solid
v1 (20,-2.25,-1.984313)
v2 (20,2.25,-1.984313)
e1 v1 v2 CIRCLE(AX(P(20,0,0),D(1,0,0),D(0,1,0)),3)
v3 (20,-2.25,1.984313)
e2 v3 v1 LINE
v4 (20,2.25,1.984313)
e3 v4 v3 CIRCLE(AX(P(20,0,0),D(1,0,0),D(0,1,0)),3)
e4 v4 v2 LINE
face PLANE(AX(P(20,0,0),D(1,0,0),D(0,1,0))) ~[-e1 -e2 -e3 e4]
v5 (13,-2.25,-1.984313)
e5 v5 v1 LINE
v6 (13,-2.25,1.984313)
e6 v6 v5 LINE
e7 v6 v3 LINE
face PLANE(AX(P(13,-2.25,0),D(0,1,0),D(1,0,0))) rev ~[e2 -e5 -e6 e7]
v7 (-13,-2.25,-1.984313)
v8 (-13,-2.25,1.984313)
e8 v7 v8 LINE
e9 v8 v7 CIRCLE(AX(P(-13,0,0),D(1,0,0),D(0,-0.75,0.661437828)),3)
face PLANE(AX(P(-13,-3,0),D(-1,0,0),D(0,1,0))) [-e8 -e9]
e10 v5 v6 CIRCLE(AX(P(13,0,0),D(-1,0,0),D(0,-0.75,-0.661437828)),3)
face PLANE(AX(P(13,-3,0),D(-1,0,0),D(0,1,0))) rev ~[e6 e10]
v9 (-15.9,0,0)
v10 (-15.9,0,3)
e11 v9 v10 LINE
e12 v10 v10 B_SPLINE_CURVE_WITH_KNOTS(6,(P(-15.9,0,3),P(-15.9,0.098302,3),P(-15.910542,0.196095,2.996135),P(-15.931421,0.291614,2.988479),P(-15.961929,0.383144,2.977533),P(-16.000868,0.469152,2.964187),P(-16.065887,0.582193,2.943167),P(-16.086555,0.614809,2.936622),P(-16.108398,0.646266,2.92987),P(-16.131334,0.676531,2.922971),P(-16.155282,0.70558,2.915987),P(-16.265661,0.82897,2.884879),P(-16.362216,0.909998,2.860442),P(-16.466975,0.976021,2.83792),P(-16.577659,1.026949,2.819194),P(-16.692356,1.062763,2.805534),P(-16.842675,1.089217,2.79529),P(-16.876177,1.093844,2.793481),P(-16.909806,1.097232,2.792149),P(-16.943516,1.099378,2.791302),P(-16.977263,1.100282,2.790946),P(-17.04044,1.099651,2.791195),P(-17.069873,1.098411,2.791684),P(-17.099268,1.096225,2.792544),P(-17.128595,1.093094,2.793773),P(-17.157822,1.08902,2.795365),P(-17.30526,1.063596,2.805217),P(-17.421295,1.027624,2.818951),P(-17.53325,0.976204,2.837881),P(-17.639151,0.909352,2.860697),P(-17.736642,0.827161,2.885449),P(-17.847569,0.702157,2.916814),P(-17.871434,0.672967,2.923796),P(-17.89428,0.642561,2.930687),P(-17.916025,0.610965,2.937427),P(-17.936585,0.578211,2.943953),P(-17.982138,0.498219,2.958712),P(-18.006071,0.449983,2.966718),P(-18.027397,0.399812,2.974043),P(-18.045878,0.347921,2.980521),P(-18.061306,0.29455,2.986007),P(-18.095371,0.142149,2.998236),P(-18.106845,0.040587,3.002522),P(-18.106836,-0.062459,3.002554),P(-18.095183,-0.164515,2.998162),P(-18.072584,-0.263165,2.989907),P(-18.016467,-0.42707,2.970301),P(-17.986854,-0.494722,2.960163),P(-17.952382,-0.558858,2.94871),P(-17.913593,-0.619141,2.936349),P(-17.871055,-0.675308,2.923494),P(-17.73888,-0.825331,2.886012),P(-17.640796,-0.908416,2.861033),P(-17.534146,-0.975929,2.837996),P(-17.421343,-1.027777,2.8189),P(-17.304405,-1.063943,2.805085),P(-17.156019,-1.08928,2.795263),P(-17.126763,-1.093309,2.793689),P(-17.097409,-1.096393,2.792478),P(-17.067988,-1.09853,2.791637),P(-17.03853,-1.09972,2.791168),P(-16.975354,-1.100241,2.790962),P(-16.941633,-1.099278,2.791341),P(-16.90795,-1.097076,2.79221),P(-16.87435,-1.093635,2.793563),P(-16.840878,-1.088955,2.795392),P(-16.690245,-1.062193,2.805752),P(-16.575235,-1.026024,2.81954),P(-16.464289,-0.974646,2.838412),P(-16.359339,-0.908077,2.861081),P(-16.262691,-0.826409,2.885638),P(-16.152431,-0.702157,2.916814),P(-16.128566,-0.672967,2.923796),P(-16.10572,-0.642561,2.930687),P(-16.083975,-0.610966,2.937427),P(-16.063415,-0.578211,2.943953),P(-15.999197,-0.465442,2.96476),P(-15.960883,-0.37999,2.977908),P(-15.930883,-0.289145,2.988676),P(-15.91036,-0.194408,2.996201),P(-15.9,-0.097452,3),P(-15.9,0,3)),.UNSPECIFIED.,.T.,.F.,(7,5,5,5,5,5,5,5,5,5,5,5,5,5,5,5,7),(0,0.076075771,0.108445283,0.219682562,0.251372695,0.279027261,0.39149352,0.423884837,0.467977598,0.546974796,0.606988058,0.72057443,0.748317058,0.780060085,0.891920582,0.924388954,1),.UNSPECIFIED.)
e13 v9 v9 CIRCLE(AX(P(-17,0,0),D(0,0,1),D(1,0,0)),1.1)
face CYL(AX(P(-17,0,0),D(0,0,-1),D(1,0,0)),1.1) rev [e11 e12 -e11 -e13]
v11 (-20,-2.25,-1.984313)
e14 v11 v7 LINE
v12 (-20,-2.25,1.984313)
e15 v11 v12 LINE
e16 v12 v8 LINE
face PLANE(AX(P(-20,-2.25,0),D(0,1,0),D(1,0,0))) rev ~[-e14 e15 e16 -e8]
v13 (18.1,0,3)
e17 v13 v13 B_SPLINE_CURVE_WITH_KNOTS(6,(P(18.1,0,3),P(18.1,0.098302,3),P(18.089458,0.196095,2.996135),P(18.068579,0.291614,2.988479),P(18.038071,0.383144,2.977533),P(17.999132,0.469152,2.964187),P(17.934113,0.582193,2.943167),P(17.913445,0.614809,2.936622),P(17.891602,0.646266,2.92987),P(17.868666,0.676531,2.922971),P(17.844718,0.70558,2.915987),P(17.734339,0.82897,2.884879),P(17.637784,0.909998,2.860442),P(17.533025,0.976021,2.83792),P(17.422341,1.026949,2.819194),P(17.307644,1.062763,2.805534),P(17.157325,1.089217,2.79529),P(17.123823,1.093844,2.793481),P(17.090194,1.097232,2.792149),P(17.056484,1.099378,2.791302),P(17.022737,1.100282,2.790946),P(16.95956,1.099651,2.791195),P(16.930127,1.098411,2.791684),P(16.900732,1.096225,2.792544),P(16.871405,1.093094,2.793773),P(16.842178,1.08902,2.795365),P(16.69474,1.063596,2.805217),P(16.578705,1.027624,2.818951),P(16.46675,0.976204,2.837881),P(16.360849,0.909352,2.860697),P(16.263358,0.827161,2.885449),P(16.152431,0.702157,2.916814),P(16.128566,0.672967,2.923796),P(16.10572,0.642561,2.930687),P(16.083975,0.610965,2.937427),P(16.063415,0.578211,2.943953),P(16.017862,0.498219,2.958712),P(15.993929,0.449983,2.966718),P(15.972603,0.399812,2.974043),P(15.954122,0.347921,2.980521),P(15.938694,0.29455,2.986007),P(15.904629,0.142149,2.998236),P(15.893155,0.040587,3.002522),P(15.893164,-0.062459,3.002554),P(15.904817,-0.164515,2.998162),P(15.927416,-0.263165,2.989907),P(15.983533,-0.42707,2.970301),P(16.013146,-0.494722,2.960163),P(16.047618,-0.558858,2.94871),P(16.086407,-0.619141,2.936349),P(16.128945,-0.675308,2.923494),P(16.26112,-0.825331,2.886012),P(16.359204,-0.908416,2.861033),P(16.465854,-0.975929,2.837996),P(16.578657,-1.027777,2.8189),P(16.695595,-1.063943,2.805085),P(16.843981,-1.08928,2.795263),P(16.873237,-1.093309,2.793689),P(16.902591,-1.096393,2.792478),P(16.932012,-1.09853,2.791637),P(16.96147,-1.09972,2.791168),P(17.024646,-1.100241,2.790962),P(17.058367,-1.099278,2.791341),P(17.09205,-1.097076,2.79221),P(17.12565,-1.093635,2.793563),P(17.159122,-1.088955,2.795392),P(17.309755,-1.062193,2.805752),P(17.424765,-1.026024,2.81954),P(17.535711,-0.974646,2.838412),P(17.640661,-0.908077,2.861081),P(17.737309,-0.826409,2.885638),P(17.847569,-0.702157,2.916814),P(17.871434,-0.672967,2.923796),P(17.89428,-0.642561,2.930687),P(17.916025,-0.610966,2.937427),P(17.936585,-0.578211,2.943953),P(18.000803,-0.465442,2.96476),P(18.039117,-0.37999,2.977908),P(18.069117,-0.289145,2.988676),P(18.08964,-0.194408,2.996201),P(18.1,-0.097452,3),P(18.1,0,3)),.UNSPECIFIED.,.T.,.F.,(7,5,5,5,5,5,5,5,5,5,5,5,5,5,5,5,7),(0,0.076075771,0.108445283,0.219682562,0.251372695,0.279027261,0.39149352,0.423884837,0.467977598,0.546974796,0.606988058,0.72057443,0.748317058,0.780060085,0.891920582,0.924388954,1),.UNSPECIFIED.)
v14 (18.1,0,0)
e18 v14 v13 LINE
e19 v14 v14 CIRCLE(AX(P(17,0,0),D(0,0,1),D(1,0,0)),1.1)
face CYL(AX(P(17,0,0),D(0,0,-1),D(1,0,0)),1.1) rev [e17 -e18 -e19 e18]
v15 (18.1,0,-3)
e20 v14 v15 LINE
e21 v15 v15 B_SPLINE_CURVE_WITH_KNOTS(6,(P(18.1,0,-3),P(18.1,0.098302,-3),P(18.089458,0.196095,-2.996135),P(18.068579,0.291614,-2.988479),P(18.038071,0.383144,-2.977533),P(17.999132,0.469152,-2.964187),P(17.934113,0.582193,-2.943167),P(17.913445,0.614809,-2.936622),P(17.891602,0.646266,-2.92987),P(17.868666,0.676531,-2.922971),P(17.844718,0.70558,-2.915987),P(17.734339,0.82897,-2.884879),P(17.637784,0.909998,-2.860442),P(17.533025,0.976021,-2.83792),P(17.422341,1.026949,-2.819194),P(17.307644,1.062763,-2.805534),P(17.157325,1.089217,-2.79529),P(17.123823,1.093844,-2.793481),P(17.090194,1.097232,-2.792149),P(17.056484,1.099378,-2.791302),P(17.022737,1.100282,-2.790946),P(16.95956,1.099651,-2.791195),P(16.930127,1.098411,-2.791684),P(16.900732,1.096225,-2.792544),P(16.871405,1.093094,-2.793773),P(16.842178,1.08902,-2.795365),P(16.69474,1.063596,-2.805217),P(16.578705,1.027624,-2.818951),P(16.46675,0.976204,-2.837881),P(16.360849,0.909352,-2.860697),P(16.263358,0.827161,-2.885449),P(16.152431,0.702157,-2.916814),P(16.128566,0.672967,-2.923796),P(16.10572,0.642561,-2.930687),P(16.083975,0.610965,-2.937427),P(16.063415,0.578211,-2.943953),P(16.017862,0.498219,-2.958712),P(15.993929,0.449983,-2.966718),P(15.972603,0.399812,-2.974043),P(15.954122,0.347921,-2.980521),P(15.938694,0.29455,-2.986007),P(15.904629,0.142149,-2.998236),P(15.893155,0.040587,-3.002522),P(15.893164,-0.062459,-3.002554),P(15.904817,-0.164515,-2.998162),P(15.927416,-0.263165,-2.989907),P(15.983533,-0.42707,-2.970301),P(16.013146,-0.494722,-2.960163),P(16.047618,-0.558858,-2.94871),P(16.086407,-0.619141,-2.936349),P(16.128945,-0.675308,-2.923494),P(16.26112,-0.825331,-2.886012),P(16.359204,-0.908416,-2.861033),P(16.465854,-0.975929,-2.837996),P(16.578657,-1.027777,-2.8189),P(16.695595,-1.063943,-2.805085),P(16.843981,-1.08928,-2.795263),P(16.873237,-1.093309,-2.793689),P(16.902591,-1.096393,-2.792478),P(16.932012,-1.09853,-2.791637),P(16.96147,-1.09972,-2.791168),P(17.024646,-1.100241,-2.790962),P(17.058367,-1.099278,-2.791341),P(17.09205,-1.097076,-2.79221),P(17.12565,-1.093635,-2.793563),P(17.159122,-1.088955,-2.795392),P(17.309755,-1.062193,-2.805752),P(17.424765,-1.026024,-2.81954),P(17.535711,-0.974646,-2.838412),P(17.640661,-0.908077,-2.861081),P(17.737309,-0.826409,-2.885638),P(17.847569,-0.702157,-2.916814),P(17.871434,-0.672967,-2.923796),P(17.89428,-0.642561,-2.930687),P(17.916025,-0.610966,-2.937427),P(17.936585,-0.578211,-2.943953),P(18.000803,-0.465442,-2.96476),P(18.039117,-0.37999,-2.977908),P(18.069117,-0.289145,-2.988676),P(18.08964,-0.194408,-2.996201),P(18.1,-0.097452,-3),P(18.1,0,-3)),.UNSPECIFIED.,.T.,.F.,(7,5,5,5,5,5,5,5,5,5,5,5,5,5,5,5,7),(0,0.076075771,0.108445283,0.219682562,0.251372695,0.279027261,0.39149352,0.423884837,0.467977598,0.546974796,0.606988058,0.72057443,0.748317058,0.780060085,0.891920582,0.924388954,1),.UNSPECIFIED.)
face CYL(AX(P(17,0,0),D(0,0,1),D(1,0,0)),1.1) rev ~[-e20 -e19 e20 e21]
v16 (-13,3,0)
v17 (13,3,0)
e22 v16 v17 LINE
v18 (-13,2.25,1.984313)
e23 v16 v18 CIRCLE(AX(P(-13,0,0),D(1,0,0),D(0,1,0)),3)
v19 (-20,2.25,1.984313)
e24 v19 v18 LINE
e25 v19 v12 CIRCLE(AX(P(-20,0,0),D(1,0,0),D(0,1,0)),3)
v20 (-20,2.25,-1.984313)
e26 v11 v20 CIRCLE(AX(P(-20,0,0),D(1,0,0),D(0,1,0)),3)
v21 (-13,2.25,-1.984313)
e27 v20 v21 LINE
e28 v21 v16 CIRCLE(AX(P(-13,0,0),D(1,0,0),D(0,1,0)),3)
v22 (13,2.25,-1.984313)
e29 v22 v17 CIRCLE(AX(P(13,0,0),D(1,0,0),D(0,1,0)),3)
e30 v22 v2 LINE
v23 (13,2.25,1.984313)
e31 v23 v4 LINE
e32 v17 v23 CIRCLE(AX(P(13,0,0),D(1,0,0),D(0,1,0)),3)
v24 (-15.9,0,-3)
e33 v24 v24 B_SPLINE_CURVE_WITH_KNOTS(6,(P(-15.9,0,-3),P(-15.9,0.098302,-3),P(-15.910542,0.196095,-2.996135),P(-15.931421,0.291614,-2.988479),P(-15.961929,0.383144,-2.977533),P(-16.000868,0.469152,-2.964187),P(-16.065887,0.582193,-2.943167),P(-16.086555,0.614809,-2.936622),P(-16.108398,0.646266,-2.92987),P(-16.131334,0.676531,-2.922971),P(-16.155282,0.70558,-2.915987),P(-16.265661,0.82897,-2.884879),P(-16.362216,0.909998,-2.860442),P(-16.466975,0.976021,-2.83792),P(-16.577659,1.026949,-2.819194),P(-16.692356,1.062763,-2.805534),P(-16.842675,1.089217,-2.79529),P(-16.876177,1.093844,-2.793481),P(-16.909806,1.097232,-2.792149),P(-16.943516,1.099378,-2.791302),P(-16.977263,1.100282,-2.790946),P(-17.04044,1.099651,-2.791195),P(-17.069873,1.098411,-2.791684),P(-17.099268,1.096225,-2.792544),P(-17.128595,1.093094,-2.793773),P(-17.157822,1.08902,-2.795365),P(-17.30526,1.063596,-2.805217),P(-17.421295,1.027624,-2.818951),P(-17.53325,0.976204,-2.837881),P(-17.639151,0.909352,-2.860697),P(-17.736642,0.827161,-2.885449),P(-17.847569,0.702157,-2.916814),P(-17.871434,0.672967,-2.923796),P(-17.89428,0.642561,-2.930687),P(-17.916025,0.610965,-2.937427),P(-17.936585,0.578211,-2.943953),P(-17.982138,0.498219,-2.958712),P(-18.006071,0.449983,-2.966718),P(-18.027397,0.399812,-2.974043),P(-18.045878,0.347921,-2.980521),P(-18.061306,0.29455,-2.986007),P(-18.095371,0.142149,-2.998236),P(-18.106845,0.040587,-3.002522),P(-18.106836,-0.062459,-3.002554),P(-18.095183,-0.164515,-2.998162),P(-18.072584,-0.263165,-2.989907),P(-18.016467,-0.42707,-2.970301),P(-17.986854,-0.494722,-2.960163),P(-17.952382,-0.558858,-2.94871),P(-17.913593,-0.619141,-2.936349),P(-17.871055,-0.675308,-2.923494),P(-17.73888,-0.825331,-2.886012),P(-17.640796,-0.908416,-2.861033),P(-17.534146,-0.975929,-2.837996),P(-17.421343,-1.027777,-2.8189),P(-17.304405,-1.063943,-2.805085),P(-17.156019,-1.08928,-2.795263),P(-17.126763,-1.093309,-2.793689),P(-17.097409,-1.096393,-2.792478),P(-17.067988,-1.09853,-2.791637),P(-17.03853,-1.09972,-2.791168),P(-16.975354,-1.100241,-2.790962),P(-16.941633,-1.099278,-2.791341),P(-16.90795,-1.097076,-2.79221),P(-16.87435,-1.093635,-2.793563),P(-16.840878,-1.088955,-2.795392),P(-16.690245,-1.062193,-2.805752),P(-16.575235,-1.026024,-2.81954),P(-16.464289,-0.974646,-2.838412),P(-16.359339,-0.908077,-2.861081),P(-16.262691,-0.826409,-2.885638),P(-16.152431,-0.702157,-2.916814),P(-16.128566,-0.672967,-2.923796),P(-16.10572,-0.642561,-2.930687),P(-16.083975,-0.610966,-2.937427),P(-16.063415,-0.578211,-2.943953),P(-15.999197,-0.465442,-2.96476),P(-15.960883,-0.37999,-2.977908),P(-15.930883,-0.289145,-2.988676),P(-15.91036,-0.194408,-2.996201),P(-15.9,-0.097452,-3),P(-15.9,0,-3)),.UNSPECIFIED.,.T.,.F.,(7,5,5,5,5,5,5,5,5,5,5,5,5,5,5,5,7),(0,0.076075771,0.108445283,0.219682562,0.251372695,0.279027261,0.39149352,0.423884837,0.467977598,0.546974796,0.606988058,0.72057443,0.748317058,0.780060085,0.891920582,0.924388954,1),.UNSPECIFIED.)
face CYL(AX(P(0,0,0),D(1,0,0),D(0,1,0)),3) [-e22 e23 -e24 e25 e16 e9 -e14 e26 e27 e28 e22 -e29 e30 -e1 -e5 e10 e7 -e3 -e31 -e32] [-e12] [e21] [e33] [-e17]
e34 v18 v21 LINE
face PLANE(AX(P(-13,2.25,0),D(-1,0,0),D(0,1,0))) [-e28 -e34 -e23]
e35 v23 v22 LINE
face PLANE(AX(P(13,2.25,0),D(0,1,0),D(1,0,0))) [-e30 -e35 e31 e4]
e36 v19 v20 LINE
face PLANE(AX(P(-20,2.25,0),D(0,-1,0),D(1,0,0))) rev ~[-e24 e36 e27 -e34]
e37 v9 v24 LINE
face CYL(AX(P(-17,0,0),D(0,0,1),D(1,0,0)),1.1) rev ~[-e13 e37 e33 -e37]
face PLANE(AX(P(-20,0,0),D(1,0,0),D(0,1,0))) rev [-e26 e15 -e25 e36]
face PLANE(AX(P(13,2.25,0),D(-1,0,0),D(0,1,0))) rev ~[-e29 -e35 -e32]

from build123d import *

# Parameters (mm, degrees)
SKETCH1_W               = 40
SKETCH1_H               = 3
SKETCH2_W               = 7
SKETCH2_H               = 0.75
CUT_EXTRUDE1_DEPTH      = 4
CUT_EXTRUDE1_DEPTH_BACK = 4
SKETCH3_R               = 1.1
CUT_EXTRUDE2_DEPTH      = 4
CUT_EXTRUDE2_DEPTH_BACK = 4


with BuildPart() as part:
    # Sketch1 → Revolve1 (revolve)
    with BuildSketch(Plane.XY):
        with Locations((0, 1.5)):
            Rectangle(SKETCH1_W, SKETCH1_H)
    revolve(axis=Axis((0, 0, 0), (1, 0, 0)))

    # Sketch2 → Cut-Extrude1 (cut, two sides)
    with BuildSketch(Plane.XY) as cut_extrude1_sk:
        with Locations((-16.5, 2.625)):
            Rectangle(SKETCH2_W, SKETCH2_H)
        with Locations((-16.5, -2.625)):
            Rectangle(SKETCH2_W, SKETCH2_H)
        with Locations((16.5, 2.625)):
            Rectangle(SKETCH2_W, SKETCH2_H)
        with Locations((16.5, -2.625)):
            Rectangle(SKETCH2_W, SKETCH2_H)
    extrude(amount=CUT_EXTRUDE1_DEPTH, mode=Mode.SUBTRACT)
    extrude(cut_extrude1_sk.sketch, amount=-CUT_EXTRUDE1_DEPTH_BACK, mode=Mode.SUBTRACT)

    # Sketch3 → Cut-Extrude2 (cut, two sides)
    with BuildSketch(Plane.XY) as cut_extrude2_sk:
        with Locations((-17, 0)):
            Circle(SKETCH3_R)
        with Locations((17, 0)):
            Circle(SKETCH3_R)
    extrude(amount=CUT_EXTRUDE2_DEPTH, mode=Mode.SUBTRACT)
    extrude(cut_extrude2_sk.sketch, amount=-CUT_EXTRUDE2_DEPTH_BACK, mode=Mode.SUBTRACT)


solid = part.part
